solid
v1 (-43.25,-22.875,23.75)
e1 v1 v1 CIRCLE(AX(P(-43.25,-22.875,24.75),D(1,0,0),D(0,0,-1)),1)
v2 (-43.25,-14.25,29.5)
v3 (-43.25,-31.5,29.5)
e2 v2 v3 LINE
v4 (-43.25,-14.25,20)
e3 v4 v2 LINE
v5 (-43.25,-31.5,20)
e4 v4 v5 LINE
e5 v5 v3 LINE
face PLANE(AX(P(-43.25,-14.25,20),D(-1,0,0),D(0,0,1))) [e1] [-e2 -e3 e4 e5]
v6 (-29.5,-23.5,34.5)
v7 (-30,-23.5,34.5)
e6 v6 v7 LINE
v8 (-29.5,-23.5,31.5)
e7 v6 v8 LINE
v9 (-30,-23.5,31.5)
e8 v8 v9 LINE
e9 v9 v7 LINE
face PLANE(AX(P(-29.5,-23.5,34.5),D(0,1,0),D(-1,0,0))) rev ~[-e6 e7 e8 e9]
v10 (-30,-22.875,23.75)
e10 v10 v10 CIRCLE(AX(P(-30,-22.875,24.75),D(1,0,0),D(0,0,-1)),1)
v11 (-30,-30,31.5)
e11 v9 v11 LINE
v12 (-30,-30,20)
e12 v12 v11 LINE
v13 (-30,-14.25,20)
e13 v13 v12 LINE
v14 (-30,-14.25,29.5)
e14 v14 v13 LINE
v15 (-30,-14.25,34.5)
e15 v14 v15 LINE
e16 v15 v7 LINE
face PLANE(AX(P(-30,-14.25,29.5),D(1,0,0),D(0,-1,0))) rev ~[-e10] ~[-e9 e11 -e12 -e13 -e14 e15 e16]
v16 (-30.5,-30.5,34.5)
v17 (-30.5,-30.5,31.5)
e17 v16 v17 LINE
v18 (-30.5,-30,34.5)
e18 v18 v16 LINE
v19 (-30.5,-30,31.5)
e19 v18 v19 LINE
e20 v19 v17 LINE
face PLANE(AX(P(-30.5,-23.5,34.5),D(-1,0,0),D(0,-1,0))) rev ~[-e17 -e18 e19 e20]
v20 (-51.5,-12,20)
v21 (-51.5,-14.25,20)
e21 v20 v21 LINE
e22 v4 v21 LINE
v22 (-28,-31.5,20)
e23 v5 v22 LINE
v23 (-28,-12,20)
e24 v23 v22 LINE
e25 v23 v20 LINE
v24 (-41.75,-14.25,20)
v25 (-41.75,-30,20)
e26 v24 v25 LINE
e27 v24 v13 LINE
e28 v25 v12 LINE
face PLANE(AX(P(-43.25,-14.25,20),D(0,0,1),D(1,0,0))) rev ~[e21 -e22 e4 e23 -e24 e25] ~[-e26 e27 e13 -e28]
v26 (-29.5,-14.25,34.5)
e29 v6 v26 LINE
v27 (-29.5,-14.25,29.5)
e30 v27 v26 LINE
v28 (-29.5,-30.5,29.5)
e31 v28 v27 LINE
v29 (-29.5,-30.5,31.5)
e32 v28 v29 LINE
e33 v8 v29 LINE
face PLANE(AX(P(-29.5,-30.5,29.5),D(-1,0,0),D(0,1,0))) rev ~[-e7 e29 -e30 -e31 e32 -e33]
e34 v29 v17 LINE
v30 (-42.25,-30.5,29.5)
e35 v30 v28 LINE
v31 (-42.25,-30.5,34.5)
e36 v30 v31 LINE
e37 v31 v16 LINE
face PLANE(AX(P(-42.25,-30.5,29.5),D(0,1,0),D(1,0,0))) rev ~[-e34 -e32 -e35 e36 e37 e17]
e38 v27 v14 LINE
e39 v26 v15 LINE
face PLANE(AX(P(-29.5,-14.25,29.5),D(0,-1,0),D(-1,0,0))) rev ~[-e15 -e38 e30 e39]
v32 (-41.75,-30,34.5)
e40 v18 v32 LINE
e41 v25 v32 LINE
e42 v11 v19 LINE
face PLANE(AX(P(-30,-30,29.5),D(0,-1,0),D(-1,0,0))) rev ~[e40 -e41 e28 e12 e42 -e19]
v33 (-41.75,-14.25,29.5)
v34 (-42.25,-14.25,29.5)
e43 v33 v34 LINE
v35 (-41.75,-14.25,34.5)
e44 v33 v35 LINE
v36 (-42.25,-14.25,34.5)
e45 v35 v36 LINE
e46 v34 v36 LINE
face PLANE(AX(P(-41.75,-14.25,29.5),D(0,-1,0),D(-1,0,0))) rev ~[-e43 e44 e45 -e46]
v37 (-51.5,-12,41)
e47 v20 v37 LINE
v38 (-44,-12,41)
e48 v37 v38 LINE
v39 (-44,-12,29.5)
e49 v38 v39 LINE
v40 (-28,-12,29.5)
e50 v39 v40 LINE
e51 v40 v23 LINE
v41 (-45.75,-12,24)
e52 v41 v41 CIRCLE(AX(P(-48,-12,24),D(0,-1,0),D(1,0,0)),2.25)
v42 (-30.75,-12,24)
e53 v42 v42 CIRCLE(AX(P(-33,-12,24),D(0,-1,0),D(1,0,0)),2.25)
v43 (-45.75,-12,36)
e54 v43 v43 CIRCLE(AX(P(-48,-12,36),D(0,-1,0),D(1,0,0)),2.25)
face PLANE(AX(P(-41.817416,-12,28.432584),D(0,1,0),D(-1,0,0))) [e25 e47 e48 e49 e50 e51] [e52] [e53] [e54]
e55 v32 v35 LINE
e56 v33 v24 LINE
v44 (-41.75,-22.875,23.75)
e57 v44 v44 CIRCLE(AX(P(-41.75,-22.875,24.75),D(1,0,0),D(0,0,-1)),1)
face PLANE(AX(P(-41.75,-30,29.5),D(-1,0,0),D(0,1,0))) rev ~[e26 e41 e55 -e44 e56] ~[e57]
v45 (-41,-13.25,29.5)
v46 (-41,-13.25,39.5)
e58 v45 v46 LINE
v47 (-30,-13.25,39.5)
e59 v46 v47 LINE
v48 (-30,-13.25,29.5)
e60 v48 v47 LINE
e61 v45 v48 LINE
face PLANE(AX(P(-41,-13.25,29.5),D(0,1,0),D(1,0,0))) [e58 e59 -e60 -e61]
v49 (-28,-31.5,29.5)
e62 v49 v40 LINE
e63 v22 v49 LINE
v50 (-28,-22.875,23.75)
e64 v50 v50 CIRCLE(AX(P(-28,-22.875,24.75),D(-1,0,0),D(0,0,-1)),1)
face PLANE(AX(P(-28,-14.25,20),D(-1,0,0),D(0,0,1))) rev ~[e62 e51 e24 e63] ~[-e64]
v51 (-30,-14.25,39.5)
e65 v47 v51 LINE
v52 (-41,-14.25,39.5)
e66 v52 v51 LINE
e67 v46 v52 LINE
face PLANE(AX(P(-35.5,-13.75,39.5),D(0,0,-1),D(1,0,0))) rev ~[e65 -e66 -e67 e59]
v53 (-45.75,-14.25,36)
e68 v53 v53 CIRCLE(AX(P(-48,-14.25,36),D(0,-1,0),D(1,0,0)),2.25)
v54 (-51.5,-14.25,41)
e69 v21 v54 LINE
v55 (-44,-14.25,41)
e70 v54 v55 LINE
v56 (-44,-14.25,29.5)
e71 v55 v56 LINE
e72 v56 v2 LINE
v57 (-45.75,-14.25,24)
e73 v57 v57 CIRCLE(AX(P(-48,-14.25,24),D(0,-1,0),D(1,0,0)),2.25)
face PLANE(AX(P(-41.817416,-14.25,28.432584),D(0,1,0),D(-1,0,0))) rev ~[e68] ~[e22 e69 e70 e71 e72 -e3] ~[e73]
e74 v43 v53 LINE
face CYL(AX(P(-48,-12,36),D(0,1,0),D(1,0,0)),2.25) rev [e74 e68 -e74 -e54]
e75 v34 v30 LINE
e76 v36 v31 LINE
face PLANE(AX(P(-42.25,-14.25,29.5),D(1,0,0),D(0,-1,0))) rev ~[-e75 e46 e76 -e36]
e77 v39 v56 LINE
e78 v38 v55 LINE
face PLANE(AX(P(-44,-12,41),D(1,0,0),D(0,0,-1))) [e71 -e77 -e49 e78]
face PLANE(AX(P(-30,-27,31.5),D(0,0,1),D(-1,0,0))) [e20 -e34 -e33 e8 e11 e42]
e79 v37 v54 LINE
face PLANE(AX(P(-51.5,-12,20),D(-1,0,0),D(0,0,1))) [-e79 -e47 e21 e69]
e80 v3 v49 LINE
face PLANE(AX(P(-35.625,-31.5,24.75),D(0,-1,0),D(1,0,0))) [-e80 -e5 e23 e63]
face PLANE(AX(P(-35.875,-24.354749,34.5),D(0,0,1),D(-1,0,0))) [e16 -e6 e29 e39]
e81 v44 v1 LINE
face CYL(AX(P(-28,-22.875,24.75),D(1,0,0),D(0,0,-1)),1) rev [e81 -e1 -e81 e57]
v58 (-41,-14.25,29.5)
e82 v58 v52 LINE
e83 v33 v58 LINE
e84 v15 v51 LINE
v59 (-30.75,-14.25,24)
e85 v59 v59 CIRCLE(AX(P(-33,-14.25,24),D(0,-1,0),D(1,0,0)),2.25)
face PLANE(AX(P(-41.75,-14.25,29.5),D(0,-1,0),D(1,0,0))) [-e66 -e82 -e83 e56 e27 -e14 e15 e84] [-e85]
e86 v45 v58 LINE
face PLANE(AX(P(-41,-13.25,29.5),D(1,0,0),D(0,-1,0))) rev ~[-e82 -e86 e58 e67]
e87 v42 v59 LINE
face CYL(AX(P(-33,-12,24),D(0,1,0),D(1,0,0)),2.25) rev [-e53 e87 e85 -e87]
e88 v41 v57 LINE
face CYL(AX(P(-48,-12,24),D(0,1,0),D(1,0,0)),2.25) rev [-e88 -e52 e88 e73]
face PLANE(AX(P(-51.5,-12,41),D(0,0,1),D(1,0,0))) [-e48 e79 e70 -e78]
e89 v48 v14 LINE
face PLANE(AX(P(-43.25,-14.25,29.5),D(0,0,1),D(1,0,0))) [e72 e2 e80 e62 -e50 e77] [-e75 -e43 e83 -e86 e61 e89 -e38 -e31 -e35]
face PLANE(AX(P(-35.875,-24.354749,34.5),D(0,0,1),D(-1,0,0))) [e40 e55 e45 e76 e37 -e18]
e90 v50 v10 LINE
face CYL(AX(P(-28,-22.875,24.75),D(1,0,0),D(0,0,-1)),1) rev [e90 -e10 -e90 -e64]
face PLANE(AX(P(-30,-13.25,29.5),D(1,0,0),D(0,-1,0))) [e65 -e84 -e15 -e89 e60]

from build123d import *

# Parameters (mm, degrees)
SKETCH036_R             = 2.25
PAD016_DEPTH            = 2.25
SKETCH037_W             = 11
SKETCH037_H             = 1
PAD017_DEPTH            = 10
SKETCH038_W             = 15.25
SKETCH038_H             = 9.5
PAD018_DEPTH            = 17.25
SKETCH039_W             = 11.75
SKETCH039_H             = 15.75
POCKET007008_DEPTH      = 9.501
SKETCH040_R             = 1
POCKET007009_DEPTH      = 23.501
PAD019_DEPTH            = 5
SKETCH043_W             = 1
SKETCH043_H             = 7
POCKET007011_DEPTH      = 3
BODY008_PLACEMENT_ANGLE = 90


with BuildPart() as part:
    # Sketch036 → Pad016 (new body)
    with BuildSketch(Plane.XY):
        Polygon((-75.5, -11), (-68, -11), (-68, -22.5), (-52, -22.5), (-52, -32), (-75.5, -32), align=None)
        with Locations((-72, -16)):
            Circle(SKETCH036_R, mode=Mode.SUBTRACT)
        with Locations((-72, -28)):
            Circle(SKETCH036_R, mode=Mode.SUBTRACT)
        with Locations((-57, -28)):
            Circle(SKETCH036_R, mode=Mode.SUBTRACT)
    extrude(amount=PAD016_DEPTH)

    # Sketch037 (on DatumPlane) → Pad017 (join)
    with BuildSketch(Plane(origin=(-68, -22.5, 0), x_dir=(1, 0, 0), z_dir=(0, -1, 0))):
        with Locations((8.5, 1.75)):
            Rectangle(SKETCH037_W, SKETCH037_H)
    extrude(amount=-PAD017_DEPTH)

    # Sketch038 (on DatumPlane) → Pad018 (join)
    with BuildSketch(Plane.XY.offset(2.25)):
        with Locations((-59.625, -27.25)):
            Rectangle(SKETCH038_W, SKETCH038_H)
    extrude(amount=PAD018_DEPTH)

    # Sketch039 (on DatumPlane) → Pocket007008 (cut, through all)
    with BuildSketch(Plane(origin=(-68, -22.5, 0), x_dir=(1, 0, 0), z_dir=(0, -1, 0))):
        with Locations((8.125, 10.125)):
            Rectangle(SKETCH039_W, SKETCH039_H)
    extrude(amount=POCKET007008_DEPTH, mode=Mode.SUBTRACT)

    # Sketch040 (on DatumPlane) → Pocket007009 (cut, through all)
    with BuildSketch(Plane(origin=(-52, -27.25, 2.25), x_dir=(0, -1, 0), z_dir=(-1, 0, 0))):
        with Locations((0, 8.625)):
            Circle(SKETCH040_R)
    extrude(amount=POCKET007009_DEPTH, mode=Mode.SUBTRACT)

    # Sketch042 (on DatumPlane) → Pad019 (join)
    with BuildSketch(Plane(origin=(-68, -22.5, 0), x_dir=(1, 0, 0), z_dir=(0, -1, 0))):
        Polygon((14.5, 18.5), (14.5, 2.25), (14, 2.25), (14, 18), (2.25, 18), (2.25, 2.25), (1.75, 2.25), (1.75, 18.5), align=None)
    extrude(amount=-PAD019_DEPTH)

    # Sketch043 (on DatumPlane) → Pocket007011 (cut)
    with BuildSketch(Plane(origin=(-68, -17.5, 0), x_dir=(-1, 0, 0), z_dir=(0, 1, 0))):
        with Locations((-14, 15)):
            Rectangle(SKETCH043_W, SKETCH043_H)
    extrude(amount=-POCKET007011_DEPTH, mode=Mode.SUBTRACT)


with BuildPart() as part_1:
    # Body002 placement: moved
    add(part.part.moved(Location((0, 0, 22))))


with BuildPart() as part_2:
    # Body008 placement: moved
    add(part_1.part.moved(Location((24, 10, 52))).rotate(Axis((24, 10, 52), (1, 0, 0)), BODY008_PLACEMENT_ANGLE))


solid = part_2.part
